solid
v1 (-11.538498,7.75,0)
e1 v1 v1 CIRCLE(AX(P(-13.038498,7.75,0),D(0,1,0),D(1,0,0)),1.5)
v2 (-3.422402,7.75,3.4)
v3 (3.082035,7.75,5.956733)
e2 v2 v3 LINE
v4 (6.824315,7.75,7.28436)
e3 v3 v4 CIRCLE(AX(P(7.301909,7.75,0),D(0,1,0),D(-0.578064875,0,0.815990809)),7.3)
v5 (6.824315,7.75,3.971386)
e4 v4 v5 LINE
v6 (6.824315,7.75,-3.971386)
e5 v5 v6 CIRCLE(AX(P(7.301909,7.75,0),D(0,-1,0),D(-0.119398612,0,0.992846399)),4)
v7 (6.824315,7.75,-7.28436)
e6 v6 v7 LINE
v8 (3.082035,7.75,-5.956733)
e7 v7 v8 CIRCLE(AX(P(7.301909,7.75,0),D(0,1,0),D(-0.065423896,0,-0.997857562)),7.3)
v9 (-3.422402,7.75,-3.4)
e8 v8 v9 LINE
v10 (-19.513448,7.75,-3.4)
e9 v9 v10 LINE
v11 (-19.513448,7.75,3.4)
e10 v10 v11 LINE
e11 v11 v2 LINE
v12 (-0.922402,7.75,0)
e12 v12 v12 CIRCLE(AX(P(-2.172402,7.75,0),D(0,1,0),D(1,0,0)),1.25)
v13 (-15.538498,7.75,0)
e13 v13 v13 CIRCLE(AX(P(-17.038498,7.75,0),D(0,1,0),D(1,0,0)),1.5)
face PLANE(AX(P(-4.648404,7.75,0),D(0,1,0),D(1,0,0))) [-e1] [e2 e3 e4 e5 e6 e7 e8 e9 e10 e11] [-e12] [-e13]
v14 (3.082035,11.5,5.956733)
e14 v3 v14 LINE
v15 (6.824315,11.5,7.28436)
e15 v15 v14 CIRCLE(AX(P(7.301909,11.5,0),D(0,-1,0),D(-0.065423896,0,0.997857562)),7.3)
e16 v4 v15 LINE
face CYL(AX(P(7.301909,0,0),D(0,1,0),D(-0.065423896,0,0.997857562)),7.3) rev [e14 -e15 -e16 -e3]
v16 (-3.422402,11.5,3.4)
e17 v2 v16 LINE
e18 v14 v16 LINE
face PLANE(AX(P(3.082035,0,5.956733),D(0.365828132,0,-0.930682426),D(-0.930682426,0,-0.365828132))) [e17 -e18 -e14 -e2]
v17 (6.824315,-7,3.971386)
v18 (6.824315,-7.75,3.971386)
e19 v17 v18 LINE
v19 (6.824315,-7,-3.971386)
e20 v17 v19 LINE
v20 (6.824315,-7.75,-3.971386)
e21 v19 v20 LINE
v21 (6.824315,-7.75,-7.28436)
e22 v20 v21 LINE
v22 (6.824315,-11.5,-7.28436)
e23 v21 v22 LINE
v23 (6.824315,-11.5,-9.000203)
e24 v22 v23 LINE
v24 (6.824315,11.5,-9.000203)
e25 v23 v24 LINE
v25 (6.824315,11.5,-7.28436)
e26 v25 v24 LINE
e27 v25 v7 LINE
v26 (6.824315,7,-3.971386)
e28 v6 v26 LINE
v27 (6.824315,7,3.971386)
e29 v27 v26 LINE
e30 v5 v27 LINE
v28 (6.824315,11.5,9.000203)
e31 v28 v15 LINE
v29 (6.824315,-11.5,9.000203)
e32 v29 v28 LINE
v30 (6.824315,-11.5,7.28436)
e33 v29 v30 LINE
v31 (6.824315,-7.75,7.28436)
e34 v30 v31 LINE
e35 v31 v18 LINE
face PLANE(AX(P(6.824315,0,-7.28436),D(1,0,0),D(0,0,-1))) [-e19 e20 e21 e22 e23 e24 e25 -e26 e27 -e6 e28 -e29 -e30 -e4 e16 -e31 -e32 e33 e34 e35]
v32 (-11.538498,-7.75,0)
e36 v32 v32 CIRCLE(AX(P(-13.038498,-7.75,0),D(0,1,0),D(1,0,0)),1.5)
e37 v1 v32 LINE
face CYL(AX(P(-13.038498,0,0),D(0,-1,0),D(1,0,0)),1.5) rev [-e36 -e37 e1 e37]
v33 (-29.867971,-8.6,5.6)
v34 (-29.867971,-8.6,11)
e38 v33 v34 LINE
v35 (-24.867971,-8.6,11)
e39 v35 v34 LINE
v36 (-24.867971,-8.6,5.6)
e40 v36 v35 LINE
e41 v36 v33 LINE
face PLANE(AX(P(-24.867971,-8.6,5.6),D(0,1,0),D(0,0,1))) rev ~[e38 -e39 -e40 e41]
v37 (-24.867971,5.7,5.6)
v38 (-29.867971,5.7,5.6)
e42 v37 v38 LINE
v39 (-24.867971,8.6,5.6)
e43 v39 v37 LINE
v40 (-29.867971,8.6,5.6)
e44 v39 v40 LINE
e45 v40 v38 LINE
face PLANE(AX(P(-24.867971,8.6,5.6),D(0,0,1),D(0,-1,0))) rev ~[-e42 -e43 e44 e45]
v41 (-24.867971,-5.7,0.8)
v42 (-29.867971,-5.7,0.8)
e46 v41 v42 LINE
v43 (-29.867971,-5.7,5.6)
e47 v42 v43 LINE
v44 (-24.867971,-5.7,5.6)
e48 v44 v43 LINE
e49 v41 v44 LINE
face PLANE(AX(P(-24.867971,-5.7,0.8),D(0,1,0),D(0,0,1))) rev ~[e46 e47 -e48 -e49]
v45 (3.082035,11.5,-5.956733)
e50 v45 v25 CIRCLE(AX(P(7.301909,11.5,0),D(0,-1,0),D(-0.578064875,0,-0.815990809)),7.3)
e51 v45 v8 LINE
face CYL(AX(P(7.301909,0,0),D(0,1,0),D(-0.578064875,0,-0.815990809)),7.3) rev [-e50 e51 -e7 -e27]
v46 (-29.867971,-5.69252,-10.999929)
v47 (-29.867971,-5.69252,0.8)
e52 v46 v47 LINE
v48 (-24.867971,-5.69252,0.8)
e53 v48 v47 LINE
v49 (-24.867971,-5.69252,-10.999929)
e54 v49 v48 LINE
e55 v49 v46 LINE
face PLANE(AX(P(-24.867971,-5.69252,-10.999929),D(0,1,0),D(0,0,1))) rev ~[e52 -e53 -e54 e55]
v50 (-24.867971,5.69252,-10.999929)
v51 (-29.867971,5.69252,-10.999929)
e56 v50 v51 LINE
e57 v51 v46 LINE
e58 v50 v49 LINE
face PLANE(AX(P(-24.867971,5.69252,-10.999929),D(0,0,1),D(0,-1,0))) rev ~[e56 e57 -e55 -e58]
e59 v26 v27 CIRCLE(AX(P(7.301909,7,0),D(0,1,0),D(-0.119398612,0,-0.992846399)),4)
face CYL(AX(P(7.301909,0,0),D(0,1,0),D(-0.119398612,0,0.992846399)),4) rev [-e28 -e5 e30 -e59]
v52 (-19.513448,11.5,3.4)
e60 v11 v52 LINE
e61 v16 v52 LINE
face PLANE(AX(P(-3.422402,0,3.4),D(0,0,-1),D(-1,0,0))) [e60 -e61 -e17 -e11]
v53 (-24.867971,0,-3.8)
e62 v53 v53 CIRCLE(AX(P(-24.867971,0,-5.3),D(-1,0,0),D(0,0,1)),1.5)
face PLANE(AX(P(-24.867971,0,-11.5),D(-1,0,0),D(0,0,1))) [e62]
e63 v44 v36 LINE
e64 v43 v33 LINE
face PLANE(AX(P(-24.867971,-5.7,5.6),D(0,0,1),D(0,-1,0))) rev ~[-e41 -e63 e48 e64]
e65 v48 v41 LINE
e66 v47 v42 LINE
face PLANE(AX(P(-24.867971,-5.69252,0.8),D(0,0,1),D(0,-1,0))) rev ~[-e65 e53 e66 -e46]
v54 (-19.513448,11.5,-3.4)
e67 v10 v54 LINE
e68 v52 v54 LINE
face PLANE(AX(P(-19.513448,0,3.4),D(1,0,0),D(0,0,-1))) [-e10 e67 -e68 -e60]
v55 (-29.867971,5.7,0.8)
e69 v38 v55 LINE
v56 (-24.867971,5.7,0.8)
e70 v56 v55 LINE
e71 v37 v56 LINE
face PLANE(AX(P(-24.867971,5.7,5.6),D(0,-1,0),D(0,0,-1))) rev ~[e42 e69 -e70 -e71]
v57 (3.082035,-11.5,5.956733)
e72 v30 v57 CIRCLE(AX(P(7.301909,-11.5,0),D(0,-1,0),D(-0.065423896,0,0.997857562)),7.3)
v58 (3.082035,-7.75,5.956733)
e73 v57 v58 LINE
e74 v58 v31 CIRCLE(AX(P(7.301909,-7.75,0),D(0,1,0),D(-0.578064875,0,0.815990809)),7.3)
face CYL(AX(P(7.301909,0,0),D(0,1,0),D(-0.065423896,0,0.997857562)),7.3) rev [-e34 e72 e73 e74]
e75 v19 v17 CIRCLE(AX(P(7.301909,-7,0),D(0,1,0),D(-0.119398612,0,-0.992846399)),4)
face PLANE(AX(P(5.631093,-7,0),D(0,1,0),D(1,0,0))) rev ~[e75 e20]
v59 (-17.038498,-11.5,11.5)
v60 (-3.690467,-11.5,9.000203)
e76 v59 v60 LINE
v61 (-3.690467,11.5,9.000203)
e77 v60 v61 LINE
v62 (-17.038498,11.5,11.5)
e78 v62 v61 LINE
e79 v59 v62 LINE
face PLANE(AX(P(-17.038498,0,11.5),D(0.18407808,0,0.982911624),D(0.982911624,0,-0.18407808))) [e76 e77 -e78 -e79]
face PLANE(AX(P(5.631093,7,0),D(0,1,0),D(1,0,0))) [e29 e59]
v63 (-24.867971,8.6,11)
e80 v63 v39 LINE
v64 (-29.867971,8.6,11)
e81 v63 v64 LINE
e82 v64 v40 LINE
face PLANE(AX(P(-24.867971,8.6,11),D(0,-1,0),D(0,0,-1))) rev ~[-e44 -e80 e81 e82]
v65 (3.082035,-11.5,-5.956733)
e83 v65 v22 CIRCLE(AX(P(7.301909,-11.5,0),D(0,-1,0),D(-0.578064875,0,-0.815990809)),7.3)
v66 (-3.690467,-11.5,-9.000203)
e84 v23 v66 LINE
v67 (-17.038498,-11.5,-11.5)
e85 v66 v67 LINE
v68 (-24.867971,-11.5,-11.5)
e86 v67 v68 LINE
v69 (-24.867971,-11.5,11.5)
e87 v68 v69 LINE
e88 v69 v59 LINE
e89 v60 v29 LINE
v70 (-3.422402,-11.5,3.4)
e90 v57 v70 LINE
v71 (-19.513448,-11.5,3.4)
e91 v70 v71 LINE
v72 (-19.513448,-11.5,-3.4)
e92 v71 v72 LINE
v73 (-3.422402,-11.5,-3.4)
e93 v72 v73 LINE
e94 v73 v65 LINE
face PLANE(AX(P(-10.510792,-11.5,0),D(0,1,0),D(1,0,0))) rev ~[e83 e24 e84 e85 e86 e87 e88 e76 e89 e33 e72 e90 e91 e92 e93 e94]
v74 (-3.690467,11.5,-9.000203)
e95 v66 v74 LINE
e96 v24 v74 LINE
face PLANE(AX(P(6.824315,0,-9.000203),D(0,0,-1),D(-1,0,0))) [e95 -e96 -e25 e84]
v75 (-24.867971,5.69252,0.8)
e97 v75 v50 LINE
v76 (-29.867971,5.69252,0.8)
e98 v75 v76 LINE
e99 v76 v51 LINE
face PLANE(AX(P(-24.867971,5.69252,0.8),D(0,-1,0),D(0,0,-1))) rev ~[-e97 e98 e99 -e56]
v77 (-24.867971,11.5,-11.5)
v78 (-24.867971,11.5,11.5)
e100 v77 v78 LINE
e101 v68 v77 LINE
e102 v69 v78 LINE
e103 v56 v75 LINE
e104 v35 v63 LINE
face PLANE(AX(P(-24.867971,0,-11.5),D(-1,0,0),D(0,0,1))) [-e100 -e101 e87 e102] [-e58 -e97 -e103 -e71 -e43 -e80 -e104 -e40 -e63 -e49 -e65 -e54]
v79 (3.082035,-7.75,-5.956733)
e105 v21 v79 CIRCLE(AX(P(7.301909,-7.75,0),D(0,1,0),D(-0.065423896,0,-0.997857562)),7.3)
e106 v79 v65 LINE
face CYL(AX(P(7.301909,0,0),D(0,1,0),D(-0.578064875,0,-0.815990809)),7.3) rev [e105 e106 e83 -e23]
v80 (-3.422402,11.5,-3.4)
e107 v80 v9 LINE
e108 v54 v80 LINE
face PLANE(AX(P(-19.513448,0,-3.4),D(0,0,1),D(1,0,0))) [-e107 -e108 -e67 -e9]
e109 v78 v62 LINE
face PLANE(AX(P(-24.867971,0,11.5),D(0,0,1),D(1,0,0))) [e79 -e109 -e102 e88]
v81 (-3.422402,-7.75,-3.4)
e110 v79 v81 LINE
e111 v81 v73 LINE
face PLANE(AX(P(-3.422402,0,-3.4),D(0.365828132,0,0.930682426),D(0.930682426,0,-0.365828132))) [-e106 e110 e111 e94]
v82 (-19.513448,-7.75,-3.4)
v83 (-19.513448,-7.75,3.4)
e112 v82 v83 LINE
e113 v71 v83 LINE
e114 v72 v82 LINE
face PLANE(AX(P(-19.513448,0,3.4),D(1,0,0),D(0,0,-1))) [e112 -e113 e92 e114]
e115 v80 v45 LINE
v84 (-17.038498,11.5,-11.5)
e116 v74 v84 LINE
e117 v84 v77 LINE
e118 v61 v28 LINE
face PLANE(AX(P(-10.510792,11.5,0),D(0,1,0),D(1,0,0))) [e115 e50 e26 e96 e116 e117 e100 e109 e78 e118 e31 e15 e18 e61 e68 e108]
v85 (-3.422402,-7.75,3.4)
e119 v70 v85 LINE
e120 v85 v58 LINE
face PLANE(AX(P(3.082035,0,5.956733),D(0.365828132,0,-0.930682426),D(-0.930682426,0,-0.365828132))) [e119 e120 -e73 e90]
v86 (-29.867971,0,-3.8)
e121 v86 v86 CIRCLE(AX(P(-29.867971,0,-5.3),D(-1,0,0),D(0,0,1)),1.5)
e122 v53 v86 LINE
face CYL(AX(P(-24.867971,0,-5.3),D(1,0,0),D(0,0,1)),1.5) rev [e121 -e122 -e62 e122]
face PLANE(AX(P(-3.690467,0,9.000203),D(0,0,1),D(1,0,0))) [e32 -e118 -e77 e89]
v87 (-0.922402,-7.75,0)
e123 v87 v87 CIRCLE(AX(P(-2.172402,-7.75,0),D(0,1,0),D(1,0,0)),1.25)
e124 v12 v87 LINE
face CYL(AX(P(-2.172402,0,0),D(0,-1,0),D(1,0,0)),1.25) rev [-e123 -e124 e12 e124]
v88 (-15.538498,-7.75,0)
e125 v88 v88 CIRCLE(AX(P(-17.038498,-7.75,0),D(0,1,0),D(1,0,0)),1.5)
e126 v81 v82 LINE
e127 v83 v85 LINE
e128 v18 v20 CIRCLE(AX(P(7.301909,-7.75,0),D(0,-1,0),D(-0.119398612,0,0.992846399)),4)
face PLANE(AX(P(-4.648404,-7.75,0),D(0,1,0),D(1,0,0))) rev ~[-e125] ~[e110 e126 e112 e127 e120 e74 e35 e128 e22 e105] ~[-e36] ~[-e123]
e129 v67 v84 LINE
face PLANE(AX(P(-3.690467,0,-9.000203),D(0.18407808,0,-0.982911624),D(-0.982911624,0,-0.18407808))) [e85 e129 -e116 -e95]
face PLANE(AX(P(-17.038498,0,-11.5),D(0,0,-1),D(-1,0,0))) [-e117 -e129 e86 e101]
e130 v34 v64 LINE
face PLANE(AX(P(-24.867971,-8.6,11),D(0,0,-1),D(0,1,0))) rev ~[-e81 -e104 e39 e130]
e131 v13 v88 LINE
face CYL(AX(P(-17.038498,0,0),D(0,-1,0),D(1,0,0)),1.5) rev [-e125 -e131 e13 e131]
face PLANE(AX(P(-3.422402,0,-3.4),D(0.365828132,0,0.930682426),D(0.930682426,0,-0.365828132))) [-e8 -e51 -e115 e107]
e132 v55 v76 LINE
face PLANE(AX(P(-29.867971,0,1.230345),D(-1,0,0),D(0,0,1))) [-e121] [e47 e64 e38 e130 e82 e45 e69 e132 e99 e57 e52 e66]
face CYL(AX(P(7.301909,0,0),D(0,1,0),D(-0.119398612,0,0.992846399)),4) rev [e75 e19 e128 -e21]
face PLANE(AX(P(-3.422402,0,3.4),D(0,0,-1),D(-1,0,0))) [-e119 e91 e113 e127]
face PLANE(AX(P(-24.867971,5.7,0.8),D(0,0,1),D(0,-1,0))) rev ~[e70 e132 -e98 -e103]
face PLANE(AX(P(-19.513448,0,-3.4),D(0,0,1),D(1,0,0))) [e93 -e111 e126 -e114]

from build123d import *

# Parameters (mm, degrees)
BOSS_EXTRUDE1_DEPTH = 11.5
SKETCH1_13_R        = 1.5
SKETCH1_13_R_2      = 1.25
BOSS_EXTRUDE2_DEPTH = 7.75
BOSS_EXTRUDE3_DEPTH = 7
SKETCH2_R           = 1.5
BOSS_EXTRUDE4_DEPTH = 5


with BuildPart() as part:
    # Sketch1 → Boss-Extrude1 (new, symmetric)
    with BuildSketch(Plane(origin=(0, 0, 0), x_dir=(1, 0, 0), z_dir=(0, 1, 0))):
        with BuildLine():
            Line((6.824314586, 7.284360201), (6.824314586, 9.00020274))
            Line((6.824314586, 9.00020274), (-3.690467309, 9.00020274))
            Line((-3.690467309, 9.00020274), (-17.038497557, 11.5))
            Line((-17.038497557, 11.5), (-24.867971487, 11.5))
            Line((-24.867971487, 11.5), (-24.867971487, -11.5))
            Line((-24.867971487, -11.5), (-17.038497557, -11.5))
            Line((-17.038497557, -11.5), (-3.690467309, -9.00020274))
            Line((-3.690467309, -9.00020274), (6.824314586, -9.00020274))
            Line((6.824314586, -9.00020274), (6.824314586, -7.284360201))
            ThreePointArc((6.824314586, -7.284360201), (4.861171432, -6.879883717), (3.082035449, -5.956732906))
            Line((3.082035449, -5.956732906), (-3.422402494, -3.4))
            Line((-3.422402494, -3.4), (-19.513448301, -3.4))
            Line((-19.513448301, -3.4), (-19.513448301, 3.4))
            Line((-19.513448301, 3.4), (-3.422402494, 3.4))
            Line((-3.422402494, 3.4), (3.082035449, 5.956732906))
            ThreePointArc((3.082035449, 5.956732906), (4.861171432, 6.879883717), (6.824314586, 7.284360201))
        make_face()
    extrude(amount=BOSS_EXTRUDE1_DEPTH, both=True)

    # Sketch1<13> → Boss-Extrude2 (add, symmetric)
    with BuildSketch(Plane(origin=(0, 0, 0), x_dir=(1, 0, 0), z_dir=(0, 1, 0))):
        with BuildLine():
            Line((6.824314586, 3.971385595), (6.824314586, 7.284360201))
            ThreePointArc((6.824314586, 7.284360201), (4.861171432, 6.879883717), (3.082035449, 5.956732906))
            Line((3.082035449, 5.956732906), (-3.422402494, 3.4))
            Line((-3.422402494, 3.4), (-19.513448301, 3.4))
            Line((-19.513448301, 3.4), (-19.513448301, -3.4))
            Line((-19.513448301, -3.4), (-3.422402494, -3.4))
            Line((-3.422402494, -3.4), (3.082035449, -5.956732906))
            ThreePointArc((3.082035449, -5.956732906), (4.861171432, -6.879883717), (6.824314586, -7.284360201))
            Line((6.824314586, -7.284360201), (6.824314586, -3.971385595))
            ThreePointArc((6.824314586, -3.971385595), (3.301909035, 0), (6.824314586, 3.971385595))
        make_face()
        with Locations((-17.038497557, 0)):
            Circle(SKETCH1_13_R, mode=Mode.SUBTRACT)
        with Locations((-13.038497557, 0)):
            Circle(SKETCH1_13_R, mode=Mode.SUBTRACT)
        with Locations((-2.172402494, 0)):
            Circle(SKETCH1_13_R_2, mode=Mode.SUBTRACT)
    extrude(amount=BOSS_EXTRUDE2_DEPTH, both=True)

    # Sketch1<14> → Boss-Extrude3 (add, symmetric)
    with BuildSketch(Plane(origin=(0, 0, 0), x_dir=(1, 0, 0), z_dir=(0, 1, 0))):
        with BuildLine():
            Line((6.824314586, -3.971385595), (6.824314586, 3.971385595))
            ThreePointArc((6.824314586, 3.971385595), (3.301909035, 0), (6.824314586, -3.971385595))
        make_face()
    extrude(amount=BOSS_EXTRUDE3_DEPTH, both=True)

    # Sketch2 → Boss-Extrude4 (add)
    with BuildSketch(Plane.ZY.offset(24.867971487)):
        Polygon((5.6, 5.7), (0.8, 5.7), (0.8, 5.69251999), (-10.999928788, 5.69251999), (-10.999928788, -5.69251999), (0.8, -5.69251999), (0.8, -5.7), (5.6, -5.7), (5.6, -8.6), (11, -8.6), (11, 8.6), (5.6, 8.6), align=None)
        with Locations((-5.3, 0)):
            Circle(SKETCH2_R, mode=Mode.SUBTRACT)
    extrude(amount=BOSS_EXTRUDE4_DEPTH)


solid = part.part
